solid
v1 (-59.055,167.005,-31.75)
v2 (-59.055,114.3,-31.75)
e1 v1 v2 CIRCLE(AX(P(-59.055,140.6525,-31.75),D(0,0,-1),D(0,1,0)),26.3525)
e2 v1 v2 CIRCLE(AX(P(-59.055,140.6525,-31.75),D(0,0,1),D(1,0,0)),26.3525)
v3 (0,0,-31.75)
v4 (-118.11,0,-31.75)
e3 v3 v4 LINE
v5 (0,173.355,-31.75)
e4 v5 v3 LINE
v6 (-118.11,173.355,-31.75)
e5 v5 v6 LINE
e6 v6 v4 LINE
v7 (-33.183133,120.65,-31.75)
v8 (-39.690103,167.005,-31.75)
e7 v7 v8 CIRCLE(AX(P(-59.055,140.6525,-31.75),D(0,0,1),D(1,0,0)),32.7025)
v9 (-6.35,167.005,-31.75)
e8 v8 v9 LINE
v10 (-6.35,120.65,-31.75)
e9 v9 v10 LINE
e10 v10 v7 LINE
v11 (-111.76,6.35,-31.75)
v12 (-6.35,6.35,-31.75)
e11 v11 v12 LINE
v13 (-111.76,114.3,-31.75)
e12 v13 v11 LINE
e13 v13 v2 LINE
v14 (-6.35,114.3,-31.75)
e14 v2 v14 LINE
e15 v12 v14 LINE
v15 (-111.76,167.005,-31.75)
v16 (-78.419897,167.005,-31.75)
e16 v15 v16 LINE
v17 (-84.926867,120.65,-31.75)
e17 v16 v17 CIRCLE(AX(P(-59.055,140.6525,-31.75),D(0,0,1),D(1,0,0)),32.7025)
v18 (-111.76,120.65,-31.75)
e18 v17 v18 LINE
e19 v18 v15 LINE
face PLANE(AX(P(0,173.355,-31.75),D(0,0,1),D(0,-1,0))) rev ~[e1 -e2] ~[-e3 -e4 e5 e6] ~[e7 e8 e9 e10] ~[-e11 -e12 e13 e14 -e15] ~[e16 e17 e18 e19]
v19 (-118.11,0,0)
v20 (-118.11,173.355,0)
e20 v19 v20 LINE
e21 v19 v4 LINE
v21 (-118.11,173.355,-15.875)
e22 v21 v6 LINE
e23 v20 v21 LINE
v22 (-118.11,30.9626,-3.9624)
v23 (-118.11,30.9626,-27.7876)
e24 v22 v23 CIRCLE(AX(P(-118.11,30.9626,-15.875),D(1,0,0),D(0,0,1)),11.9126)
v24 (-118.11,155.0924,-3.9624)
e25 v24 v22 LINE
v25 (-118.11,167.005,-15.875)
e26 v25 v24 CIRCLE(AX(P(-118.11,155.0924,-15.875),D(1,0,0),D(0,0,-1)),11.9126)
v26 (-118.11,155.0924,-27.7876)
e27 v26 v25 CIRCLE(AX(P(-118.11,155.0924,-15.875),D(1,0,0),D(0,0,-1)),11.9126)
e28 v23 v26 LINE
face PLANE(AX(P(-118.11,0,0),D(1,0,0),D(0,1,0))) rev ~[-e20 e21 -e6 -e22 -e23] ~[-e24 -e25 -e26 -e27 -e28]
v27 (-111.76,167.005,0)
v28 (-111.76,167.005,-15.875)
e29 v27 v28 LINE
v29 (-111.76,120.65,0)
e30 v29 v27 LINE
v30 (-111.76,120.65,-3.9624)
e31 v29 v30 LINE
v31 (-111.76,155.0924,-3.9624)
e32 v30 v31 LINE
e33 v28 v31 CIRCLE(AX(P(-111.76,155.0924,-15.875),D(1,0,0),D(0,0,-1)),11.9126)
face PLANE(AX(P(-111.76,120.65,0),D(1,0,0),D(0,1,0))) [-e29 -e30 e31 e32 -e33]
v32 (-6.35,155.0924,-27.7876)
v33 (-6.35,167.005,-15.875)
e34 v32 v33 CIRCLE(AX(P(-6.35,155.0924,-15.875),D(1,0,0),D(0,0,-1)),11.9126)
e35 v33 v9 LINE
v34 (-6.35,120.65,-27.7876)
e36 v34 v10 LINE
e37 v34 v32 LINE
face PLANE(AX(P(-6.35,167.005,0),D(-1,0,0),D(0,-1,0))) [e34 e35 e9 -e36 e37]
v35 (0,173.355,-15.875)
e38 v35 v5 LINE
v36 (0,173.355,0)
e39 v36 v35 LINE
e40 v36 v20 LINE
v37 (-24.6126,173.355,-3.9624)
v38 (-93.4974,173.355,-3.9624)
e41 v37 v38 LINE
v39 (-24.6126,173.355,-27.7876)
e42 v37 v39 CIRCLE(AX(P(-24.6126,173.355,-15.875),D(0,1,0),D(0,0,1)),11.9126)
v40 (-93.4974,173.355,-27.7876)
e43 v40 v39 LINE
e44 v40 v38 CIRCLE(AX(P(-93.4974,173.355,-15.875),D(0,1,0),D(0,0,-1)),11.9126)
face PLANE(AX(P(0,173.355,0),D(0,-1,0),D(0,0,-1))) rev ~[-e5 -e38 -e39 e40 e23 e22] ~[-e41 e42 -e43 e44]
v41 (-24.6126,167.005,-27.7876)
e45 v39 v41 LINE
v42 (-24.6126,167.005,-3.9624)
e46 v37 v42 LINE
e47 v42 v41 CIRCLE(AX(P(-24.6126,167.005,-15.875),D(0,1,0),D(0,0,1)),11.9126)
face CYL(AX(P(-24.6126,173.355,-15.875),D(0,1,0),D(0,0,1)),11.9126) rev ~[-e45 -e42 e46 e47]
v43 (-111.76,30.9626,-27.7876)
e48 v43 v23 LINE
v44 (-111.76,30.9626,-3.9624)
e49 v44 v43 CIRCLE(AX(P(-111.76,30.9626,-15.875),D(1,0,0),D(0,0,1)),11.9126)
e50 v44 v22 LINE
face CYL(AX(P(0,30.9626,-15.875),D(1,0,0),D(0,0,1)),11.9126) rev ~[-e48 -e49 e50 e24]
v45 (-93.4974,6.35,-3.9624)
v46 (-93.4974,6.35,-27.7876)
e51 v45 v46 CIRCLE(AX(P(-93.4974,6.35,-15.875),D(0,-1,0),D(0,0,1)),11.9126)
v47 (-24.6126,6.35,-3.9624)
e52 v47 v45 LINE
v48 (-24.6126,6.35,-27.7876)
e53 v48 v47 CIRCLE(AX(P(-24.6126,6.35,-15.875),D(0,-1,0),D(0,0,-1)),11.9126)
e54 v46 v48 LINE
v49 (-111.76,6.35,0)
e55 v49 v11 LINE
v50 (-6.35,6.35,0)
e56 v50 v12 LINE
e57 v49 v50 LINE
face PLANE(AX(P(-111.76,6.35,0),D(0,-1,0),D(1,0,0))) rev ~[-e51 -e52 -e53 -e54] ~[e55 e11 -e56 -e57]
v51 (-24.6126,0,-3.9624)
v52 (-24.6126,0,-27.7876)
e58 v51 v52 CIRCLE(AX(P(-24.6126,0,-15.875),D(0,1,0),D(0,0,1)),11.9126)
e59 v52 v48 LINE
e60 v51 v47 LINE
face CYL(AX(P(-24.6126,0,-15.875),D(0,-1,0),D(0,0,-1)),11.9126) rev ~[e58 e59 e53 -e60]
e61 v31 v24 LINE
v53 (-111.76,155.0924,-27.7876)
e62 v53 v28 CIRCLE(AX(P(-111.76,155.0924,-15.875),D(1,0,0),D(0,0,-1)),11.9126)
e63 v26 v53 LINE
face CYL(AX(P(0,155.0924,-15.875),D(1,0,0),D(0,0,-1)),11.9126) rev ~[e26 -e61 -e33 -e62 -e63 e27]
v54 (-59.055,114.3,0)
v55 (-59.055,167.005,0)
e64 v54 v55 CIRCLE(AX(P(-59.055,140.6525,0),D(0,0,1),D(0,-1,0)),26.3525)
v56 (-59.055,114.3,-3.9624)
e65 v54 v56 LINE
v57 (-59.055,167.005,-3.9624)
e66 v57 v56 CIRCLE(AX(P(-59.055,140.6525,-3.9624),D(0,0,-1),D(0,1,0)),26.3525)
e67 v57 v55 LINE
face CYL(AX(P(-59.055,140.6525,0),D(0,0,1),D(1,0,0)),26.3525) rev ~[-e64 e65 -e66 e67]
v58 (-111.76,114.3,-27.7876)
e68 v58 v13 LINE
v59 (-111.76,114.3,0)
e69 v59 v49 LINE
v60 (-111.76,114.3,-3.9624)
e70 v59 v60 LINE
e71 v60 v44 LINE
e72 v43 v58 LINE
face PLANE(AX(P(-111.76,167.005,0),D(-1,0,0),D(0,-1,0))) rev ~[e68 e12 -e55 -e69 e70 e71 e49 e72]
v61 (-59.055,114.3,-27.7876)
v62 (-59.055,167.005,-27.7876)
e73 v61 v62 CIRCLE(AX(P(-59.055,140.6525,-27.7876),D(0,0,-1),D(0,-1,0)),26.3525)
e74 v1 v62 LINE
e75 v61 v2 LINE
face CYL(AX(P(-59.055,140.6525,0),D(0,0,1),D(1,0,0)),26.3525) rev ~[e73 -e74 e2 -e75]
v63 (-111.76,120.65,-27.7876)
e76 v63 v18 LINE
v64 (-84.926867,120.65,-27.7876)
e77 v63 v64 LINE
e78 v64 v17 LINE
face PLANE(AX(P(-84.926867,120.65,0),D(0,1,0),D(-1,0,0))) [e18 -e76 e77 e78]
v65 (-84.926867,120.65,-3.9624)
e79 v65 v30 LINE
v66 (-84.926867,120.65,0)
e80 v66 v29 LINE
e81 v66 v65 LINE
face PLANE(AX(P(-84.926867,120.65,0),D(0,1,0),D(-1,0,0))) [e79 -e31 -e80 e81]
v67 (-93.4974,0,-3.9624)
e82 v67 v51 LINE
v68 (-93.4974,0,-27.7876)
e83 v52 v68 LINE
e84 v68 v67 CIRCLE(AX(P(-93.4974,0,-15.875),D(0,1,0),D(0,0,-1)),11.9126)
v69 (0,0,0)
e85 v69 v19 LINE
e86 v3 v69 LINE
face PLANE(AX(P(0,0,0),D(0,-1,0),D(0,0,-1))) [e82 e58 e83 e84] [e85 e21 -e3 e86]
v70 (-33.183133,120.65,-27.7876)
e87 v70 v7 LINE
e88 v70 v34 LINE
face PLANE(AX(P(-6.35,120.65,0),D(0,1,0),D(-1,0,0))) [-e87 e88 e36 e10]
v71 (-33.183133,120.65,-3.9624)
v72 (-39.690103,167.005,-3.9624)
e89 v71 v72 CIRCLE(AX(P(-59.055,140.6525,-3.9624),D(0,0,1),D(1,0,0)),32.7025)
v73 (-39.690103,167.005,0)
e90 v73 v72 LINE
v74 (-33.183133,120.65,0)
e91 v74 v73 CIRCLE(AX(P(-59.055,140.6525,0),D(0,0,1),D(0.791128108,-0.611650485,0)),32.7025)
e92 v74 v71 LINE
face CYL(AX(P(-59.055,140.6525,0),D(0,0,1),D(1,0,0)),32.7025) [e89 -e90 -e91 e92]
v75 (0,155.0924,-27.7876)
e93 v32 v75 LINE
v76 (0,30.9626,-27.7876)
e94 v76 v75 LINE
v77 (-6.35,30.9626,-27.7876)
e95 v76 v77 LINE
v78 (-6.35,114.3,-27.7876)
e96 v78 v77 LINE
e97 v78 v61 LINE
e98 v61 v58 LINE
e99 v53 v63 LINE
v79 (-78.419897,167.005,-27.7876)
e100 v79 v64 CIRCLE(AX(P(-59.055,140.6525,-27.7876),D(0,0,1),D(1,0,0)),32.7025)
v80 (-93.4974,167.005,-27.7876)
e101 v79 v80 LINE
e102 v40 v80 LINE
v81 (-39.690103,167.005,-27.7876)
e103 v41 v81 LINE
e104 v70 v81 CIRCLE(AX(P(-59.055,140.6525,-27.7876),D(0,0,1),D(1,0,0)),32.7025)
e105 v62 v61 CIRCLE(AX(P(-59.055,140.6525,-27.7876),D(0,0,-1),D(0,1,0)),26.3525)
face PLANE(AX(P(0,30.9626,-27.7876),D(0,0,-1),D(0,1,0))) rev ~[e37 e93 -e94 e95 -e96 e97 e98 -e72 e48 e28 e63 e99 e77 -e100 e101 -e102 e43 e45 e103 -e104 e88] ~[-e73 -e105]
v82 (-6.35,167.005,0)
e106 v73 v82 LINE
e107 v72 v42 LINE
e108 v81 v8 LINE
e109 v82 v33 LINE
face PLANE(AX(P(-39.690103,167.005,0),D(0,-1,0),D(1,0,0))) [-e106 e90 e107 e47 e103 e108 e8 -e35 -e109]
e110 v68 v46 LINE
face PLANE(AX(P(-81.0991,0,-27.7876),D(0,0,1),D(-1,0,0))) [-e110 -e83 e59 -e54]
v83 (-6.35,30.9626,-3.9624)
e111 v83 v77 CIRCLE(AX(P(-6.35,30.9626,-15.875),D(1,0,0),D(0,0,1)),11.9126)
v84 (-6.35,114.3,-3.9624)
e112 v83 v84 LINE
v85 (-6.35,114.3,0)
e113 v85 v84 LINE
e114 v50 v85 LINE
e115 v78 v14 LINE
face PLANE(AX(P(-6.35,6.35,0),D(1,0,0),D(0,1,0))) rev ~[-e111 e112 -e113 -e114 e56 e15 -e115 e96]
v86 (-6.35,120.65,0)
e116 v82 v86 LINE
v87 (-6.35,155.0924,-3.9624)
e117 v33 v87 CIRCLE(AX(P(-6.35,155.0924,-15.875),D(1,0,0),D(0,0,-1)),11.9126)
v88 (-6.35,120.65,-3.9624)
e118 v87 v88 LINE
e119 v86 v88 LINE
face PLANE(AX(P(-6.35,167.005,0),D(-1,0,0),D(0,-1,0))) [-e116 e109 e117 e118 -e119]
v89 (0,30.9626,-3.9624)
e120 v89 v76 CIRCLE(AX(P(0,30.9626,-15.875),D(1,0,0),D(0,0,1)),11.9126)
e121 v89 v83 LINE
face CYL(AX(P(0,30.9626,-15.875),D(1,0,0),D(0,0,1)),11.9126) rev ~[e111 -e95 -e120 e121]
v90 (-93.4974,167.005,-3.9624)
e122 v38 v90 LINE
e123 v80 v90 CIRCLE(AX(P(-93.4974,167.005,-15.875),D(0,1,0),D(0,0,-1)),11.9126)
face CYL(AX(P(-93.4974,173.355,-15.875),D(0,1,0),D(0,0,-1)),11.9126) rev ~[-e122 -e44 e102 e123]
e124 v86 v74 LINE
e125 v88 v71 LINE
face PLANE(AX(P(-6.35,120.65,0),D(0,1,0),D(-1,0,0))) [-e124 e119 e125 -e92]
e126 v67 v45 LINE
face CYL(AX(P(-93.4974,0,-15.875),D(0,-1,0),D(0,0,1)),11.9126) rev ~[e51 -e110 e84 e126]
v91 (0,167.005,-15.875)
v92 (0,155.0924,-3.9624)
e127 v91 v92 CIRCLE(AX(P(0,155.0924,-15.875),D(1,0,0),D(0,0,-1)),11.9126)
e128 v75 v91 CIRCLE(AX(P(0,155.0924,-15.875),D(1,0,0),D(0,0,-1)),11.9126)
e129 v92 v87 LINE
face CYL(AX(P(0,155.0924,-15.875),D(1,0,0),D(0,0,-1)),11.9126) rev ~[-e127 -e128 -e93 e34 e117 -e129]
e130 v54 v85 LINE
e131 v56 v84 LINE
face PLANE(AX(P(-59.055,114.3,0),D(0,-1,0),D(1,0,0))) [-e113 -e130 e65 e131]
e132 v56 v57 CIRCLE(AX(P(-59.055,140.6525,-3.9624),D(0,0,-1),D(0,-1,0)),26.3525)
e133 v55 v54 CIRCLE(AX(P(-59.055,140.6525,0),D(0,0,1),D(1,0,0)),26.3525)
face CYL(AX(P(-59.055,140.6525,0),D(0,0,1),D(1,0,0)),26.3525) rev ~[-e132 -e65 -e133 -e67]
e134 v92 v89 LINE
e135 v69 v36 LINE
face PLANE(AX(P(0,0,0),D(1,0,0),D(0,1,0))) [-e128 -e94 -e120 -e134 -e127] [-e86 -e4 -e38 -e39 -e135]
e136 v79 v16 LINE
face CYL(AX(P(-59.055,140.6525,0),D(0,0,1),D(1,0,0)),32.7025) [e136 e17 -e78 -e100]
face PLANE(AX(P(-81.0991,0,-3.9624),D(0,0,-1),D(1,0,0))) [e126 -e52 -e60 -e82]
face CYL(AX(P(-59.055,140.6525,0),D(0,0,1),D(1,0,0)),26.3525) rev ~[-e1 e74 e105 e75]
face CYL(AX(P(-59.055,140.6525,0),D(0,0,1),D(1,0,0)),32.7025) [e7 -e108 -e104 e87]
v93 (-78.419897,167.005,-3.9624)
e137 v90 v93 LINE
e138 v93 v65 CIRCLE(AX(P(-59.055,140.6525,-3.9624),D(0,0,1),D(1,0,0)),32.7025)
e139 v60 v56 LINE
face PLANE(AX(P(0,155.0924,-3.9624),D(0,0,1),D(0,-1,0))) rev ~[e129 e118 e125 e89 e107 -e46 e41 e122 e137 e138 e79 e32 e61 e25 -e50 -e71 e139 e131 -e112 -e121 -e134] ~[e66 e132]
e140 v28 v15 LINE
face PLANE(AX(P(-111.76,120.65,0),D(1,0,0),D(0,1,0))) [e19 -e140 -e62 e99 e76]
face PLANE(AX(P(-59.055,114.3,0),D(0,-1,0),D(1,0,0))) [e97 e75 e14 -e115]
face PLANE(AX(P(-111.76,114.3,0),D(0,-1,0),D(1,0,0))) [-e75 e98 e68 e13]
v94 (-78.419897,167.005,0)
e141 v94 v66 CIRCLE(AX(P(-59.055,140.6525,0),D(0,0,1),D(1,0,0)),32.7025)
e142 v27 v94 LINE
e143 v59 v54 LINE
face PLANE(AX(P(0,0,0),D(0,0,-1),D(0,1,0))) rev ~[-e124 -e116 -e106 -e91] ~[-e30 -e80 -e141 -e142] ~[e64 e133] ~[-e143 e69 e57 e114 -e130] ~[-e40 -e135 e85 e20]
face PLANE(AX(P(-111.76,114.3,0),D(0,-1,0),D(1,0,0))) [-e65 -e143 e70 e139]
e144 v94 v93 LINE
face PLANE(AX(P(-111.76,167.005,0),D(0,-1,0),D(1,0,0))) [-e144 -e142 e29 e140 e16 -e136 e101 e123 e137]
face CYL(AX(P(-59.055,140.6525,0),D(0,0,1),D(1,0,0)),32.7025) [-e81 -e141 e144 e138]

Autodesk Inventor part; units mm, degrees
ref_plane "YZ Plane" through (0, 0, 0) normal (1, 0, 0) x (0, 1, 0)
ref_plane "XZ Plane" through (0, 0, 0) normal (0, 1, 0) x (-1, 0, 0)
ref_plane "XY Plane" through (0, 0, 0) normal (0, 0, 1) x (1, 0, 0)
sketch "Sketch1" plane through (0, 0, 0) normal (1, 0, 0) x (0, 1, 0)
  line L0 (0, 0) -> (0, -31.75)
  line L1 (0, 0) -> (173.355, 0)
  line L2 (0, 0) -> (173.355, 0)
  line L3 (173.355, 0) -> (173.355, -31.75)
  line L4 (173.355, -31.75) -> (0, -31.75)
  line L5 (0, -31.75) -> (0, 0)
  line L6 (0, -15.875) -> (6.35, -15.875)
  line L7 (173.355, -15.875) -> (167.005, -15.875)
  arc A0 (155.0924, -27.7876) -> (155.0924, -3.9624) centre (155.0924, -15.875) ccw
  line L8 (155.0924, -3.9624) -> (30.9626, -3.9624)
  line L9 (30.9626, -27.7876) -> (155.0924, -27.7876)
  arc A1 (30.9626, -3.9624) -> (30.9626, -27.7876) centre (30.9626, -15.875) ccw
  dimension "d0" = 31.75
  dimension "d1" = 173.355
  dimension "d2" = 6.35
  dimension "d3" = 6.35
extrude "Extrusion1" add sketch "Sketch1" against normal blind 118.11
sketch "Sketch2" plane through (0, 0, 0) normal (0, 0, 1) x (1, 0, 0)
  line L0 (0, 173.355) -> (0, 0) projected
  line L1 (0, 173.355) -> (-118.11, 173.355) projected
  line L2 (-118.11, 0) -> (-118.11, 173.355) projected
  line L3 (0, 0) -> (-118.11, 0) projected
  line L4 (-6.35, 6.35) -> (-6.35, 167.005)
  line L5 (-6.35, 167.005) -> (-111.76, 167.005)
  line L6 (-111.76, 167.005) -> (-111.76, 6.35)
  line L7 (-111.76, 6.35) -> (-6.35, 6.35)
  dimension "d9" = 6.35
extrude "Extrusion2" cut sketch "Sketch2" against normal blind 118.11 contours L7 L6 L5 L4
sketch "Sketch3" plane through (0, 0, 0) normal (0, 0, 1) x (1, 0, 0)
  point P0 (0, 0)
sketch "Sketch4" plane through (0, 0, 0) normal (0, 0, 1) x (1, 0, 0)
  line L0 (-111.76, 167.005) -> (-6.35, 167.005) projected
  circle A0 centre (-59.055, 140.6525) radius 26.3525
  line L1 (-111.76, 30.9626) -> (-111.76, 155.0924) projected
  line L2 (-111.76, 114.3) -> (-6.35, 114.3)
  line L3 (-6.35, 114.3) -> (-6.35, 167.005)
  line L4 (-6.35, 167.005) -> (-111.76, 167.005)
  line L5 (-111.76, 167.005) -> (-111.76, 114.3)
  point P0 (0, 0)
  point P1 (-59.055, 167.005)
  point P2 (-59.055, 114.3)
extrude "Extrusion3" add sketch "Sketch4" against normal blind 31.75 contours L0 A0 L2 L1 L5 | L0 L3 L2 A0
sketch "Sketch5" plane through (0, 0, 0) normal (1, 0, 0) x (0, 0, -1)
  line L0 (0, 173.355) -> (0, 0) projected
  line L1 (0, 0) -> (31.75, 0) projected
  line L2 (31.75, 0) -> (31.75, 173.355) projected
  line L3 (31.75, 173.355) -> (0, 173.355) projected
  arc A0 (27.7876, 155.0924) -> (3.9624, 155.0924) centre (15.875, 155.0924) ccw projected
  line L4 (27.7876, 155.0924) -> (27.7876, 30.9626) projected
  arc A1 (3.9624, 30.9626) -> (27.7876, 30.9626) centre (15.875, 30.9626) ccw projected
  line L5 (3.9624, 30.9626) -> (3.9624, 155.0924) projected
extrude "Extrusion4" cut sketch "Sketch5" against normal through all contours L4 A1 L5 A0
sketch "Sketch6" plane through (0, 0, -31.75) normal (0, -1, 0) x (1, 0, 0)
  line L0 (-118.11, 3.9624) -> (-118.11, 27.7876) projected
  line L1 (0, 27.7876) -> (0, 3.9624) projected
  line L2 (-81.0991, 27.7876) -> (-118.11, 27.7876) projected
  line L3 (-99.6046, 27.7876) -> (-18.2626, 27.7876)
  line L4 (-6.35, 3.9624) -> (-59.055, 3.9624) projected
  line L5 (-18.2626, 3.9624) -> (-99.6046, 3.9624)
  line L6 (-81.0991, 3.9624) -> (-118.11, 3.9624) projected
  line L7 (0, 0) -> (0, 31.75) projected
  line L8 (0, 15.875) -> (-12.7, 15.875)
  line L9 (-118.11, 0) -> (-118.11, 31.75) projected
  line L10 (-118.11, 15.875) -> (-105.41, 15.875)
  arc A0 (-24.6126, 3.9624) -> (-24.6126, 27.7876) centre (-24.6126, 15.875) ccw
  arc A1 (-93.4974, 27.7876) -> (-93.4974, 3.9624) centre (-93.4974, 15.875) ccw
  dimension "d21" = 12.7
  dimension "d22" = 12.7
extrude "Extrusion5" cut sketch "Sketch6" against normal blind 31.75 contours A1 L2 L3 A0 L4 L5
sketch "Sketch7" plane through (0, 173.355, 0) normal (0, 1, 0) x (1, 0, 0)
  line L0 (-24.6126, 3.9624) -> (-93.4974, 3.9624) projected
  line L1 (-93.4974, 27.7876) -> (-24.6126, 27.7876) projected
  arc A0 (-93.4974, 27.7876) -> (-93.4974, 3.9624) centre (-93.4974, 15.875) ccw projected
  arc A1 (-24.6126, 3.9624) -> (-24.6126, 27.7876) centre (-24.6126, 15.875) ccw projected
  point P0 (0, 0)
extrude "Extrusion6" cut sketch "Sketch7" against normal blind 31.75
sketch "Sketch8" plane through (0, 0, 0) normal (0, 0, 1) x (1, 0, 0)
  line L0 (-111.76, 6.35) -> (-111.76, 114.3) projected
  line L1 (-111.76, 114.3) -> (-59.055, 114.3) projected
  circle A0 centre (-59.055, 140.6525) radius 26.3525 projected
  line L2 (-59.055, 114.3) -> (-6.35, 114.3) projected
  line L3 (-6.35, 114.3) -> (-6.35, 6.35) projected
  line L4 (-6.35, 6.35) -> (-111.76, 6.35) projected
  line L5 (0, 173.355) -> (0, 0) projected
  line L6 (0, 173.355) -> (-118.11, 173.355) projected
  line L7 (-118.11, 0) -> (-118.11, 173.355) projected
  line L8 (0, 0) -> (-118.11, 0) projected
  line L9 (-59.055, 120.65) -> (-118.11, 120.65)
  line L10 (-118.11, 120.65) -> (-118.11, 0)
  line L11 (-118.11, 0) -> (0, 0)
  line L12 (0, 0) -> (0, 120.65)
  line L13 (0, 120.65) -> (-59.055, 120.65)
  line L14 (-111.76, 167.005) -> (-6.35, 167.005)
  line L15 (-6.35, 167.005) -> (-6.35, 6.35)
  line L16 (-6.35, 6.35) -> (-111.76, 6.35)
  line L17 (-111.76, 6.35) -> (-111.76, 167.005)
  circle A1 centre (-59.055, 140.6525) radius 32.7025
  point P0 (-39.6901, 167.005)
  point P1 (-33.1831, 120.65)
  point P2 (-6.35, 120.65)
  point P3 (-84.9269, 120.65)
  point P4 (-78.4199, 167.005)
  point P5 (-111.76, 120.65)
  dimension "d27" = 6.35
  dimension "d28" = 6.35
  dimension "d29" = 6.35
extrude "Extrusion7" cut sketch "Sketch8" against normal through all contours L17 L14 A1 L9 | L13 A1 L14 L15
properties part number "box rim big"
